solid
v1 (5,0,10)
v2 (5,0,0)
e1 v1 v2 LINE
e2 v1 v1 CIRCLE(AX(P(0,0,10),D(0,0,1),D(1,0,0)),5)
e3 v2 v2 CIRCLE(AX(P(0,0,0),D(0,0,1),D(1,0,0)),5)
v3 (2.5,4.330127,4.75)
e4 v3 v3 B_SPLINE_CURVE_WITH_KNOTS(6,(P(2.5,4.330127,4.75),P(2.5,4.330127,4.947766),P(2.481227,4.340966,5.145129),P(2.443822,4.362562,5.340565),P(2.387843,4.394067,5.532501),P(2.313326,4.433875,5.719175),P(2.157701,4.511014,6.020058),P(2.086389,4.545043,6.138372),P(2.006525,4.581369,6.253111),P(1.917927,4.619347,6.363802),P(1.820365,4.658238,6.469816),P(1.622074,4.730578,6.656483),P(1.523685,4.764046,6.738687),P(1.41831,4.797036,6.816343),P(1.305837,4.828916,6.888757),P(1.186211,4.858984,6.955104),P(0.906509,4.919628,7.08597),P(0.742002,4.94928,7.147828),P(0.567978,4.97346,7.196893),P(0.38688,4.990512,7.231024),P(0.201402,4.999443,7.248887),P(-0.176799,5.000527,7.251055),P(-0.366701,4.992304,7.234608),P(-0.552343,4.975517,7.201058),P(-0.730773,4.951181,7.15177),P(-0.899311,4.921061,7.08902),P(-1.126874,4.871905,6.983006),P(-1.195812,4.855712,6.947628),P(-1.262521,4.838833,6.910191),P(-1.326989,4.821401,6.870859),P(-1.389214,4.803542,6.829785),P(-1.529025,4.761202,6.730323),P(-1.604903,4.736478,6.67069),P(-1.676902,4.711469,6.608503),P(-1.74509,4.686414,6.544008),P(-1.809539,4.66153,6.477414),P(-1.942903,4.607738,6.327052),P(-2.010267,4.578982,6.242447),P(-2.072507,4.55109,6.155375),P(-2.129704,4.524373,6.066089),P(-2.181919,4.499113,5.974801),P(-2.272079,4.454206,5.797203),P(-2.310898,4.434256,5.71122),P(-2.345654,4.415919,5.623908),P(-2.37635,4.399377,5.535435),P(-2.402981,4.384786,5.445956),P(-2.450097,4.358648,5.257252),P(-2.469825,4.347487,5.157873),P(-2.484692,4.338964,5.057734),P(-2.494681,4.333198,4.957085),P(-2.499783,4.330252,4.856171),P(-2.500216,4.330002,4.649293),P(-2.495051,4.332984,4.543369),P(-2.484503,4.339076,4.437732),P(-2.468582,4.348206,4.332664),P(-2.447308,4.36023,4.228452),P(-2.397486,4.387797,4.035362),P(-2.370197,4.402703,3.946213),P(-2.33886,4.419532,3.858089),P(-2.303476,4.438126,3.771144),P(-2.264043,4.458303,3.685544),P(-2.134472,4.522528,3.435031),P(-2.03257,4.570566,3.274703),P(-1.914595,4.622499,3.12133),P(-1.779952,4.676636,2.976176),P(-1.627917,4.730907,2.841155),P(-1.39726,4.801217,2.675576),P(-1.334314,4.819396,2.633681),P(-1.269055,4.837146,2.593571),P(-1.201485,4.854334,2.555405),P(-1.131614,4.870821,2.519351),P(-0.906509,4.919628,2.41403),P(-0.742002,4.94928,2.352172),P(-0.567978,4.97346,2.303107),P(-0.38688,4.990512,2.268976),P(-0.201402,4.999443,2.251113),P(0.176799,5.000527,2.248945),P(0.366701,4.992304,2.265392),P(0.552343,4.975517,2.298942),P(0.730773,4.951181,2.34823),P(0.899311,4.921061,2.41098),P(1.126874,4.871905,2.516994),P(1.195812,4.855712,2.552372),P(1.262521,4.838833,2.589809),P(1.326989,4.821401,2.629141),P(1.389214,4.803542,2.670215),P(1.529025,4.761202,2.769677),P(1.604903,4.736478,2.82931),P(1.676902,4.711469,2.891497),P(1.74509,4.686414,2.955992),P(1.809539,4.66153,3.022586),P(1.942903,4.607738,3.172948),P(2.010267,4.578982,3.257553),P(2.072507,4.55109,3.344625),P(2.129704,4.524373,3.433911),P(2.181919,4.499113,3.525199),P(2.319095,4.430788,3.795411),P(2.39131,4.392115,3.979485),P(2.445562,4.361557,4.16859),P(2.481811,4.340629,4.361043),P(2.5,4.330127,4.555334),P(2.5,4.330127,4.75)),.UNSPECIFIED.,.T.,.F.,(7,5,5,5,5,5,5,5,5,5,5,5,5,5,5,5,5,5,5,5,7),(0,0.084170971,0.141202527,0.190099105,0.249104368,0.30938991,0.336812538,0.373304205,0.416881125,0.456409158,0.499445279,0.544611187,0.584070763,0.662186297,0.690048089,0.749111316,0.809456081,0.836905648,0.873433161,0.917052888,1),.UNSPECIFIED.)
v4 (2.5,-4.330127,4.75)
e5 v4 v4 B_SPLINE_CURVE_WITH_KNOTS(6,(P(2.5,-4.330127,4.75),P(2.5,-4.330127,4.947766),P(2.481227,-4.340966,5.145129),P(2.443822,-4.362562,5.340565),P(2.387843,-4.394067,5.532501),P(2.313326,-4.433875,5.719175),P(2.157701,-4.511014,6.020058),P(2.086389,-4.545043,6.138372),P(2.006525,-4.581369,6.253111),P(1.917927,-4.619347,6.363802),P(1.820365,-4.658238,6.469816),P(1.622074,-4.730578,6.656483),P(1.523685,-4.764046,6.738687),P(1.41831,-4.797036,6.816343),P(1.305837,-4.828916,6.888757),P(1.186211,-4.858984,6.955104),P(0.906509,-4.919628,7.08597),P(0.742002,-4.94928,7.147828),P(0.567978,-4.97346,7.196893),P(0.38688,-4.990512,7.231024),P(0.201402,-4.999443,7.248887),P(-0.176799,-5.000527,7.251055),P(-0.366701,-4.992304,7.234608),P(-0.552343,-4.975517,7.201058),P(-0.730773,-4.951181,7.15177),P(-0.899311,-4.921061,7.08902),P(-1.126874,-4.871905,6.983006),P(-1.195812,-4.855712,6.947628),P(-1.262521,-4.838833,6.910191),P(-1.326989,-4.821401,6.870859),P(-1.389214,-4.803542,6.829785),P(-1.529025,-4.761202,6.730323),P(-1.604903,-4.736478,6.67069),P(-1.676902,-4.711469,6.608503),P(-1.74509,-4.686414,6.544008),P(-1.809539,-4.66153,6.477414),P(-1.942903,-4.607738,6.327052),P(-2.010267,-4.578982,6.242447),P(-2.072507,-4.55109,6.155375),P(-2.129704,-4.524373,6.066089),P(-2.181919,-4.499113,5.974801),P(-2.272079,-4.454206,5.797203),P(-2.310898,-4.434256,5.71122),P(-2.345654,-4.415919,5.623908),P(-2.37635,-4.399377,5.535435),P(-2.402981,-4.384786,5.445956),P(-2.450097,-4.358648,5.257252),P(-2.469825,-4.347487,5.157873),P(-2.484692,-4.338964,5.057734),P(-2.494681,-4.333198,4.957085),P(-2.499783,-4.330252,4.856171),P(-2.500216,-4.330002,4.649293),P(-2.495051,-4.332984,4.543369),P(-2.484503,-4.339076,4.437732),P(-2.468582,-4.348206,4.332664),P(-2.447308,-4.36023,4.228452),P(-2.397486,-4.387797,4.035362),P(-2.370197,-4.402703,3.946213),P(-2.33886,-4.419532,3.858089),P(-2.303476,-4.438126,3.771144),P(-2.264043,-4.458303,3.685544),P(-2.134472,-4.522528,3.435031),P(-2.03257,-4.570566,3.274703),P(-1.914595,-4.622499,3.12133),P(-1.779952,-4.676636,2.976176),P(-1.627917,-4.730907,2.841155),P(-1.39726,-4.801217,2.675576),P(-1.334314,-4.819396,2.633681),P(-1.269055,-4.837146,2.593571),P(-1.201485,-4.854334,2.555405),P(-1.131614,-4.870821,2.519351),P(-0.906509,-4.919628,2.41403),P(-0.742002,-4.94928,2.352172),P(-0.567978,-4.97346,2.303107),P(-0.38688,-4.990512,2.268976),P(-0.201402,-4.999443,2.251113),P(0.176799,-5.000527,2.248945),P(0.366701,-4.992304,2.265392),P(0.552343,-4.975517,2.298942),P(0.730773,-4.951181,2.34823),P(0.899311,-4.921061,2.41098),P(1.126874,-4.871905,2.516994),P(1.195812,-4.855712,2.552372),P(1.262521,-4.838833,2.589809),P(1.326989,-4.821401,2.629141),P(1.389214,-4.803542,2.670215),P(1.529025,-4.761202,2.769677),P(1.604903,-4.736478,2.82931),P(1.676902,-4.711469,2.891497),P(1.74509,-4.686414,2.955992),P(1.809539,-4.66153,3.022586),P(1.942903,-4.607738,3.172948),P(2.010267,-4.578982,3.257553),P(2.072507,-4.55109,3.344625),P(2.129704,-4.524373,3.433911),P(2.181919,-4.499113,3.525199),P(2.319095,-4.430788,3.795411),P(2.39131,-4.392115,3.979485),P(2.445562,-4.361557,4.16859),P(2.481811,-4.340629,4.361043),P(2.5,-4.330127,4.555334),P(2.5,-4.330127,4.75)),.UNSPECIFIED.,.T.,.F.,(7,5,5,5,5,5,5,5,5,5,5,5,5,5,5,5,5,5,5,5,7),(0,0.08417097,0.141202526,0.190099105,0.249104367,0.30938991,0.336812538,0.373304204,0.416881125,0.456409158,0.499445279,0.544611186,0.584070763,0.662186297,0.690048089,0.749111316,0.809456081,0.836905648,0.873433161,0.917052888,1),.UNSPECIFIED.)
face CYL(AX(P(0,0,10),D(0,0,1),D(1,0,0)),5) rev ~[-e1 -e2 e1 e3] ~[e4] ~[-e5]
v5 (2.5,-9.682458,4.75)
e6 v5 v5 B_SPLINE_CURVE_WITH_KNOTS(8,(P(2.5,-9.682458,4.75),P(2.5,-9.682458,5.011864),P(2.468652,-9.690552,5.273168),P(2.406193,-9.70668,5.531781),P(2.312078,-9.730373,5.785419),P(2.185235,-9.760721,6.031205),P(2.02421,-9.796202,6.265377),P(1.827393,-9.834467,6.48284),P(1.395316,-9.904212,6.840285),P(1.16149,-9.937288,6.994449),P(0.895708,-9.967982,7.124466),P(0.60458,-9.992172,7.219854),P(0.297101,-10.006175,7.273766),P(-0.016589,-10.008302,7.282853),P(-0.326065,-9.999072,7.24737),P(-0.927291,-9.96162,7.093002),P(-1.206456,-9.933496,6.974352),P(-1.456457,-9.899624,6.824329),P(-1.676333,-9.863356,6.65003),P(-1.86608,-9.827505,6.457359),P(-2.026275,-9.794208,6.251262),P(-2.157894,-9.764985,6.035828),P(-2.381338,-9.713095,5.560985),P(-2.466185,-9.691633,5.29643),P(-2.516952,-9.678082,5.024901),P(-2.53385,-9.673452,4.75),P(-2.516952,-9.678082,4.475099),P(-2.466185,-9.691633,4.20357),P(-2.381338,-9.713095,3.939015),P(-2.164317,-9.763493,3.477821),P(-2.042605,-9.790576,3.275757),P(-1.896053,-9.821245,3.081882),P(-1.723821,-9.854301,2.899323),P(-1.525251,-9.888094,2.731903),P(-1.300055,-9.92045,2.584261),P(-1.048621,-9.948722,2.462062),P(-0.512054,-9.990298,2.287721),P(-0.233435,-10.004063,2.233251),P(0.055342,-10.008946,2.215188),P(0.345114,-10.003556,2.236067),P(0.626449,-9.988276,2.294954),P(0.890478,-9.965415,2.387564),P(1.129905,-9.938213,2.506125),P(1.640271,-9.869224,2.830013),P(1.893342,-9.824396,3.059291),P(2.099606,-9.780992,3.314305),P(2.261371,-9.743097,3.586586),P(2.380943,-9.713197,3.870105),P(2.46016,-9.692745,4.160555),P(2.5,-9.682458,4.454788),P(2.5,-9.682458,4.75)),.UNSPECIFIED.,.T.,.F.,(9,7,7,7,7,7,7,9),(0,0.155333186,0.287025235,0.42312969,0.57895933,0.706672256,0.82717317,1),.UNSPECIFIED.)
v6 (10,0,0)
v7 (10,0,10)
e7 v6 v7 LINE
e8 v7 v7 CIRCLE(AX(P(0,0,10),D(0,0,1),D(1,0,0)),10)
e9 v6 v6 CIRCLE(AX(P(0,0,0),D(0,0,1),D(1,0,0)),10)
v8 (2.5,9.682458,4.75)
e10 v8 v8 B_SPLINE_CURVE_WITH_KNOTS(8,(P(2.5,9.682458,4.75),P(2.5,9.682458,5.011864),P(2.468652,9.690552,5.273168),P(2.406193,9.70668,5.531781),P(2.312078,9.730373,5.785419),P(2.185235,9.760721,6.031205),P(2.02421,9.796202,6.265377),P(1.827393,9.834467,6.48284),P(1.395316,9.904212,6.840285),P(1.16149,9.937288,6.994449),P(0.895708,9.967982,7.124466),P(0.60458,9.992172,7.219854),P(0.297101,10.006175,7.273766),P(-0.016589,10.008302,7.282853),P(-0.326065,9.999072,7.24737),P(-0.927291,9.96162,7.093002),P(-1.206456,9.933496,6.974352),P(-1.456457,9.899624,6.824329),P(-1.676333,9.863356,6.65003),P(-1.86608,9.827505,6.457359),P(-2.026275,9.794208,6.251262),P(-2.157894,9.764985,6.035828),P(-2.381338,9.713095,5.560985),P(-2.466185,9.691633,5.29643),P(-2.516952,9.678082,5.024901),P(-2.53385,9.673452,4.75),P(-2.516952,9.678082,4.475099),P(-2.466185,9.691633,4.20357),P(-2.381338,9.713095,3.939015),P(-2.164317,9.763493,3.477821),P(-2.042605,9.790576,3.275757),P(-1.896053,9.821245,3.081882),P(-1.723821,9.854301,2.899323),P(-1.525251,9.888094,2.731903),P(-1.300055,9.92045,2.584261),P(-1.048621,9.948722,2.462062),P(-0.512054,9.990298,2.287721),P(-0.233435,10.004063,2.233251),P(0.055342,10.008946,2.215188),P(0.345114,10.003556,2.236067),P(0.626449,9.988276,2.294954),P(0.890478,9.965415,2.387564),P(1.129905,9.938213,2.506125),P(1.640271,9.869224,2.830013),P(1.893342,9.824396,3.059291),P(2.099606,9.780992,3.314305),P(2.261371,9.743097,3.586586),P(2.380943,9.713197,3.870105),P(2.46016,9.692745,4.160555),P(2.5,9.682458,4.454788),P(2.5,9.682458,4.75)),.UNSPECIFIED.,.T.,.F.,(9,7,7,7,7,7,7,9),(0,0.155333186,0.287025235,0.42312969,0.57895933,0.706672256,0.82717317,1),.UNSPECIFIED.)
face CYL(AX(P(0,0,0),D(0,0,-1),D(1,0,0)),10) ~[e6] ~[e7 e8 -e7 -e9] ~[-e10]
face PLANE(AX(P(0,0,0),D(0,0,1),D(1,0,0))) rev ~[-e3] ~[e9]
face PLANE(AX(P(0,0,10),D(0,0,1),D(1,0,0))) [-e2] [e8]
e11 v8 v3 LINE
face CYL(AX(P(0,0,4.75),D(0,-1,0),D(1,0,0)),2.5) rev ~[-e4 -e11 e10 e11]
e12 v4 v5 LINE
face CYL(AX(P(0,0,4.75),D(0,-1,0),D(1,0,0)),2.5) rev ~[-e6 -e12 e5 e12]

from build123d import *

# Parameters (mm, degrees)
F0_R     = 10
F1_DEPTH = 10
F2_R     = 5
F3_DEPTH = 25
F4_R     = 2.5
F5_DEPTH = 12.5


with BuildPart() as f1:
    # F0 (on Top) → F1 (new body)
    with BuildSketch(Plane.XY):
        Circle(F0_R)
    extrude(amount=F1_DEPTH)

    # F2 (on face) → F3 (cut)
    with BuildSketch(Plane.XY.offset(10)):
        Circle(F2_R)
    extrude(amount=-F3_DEPTH, mode=Mode.SUBTRACT)

    # F4 (on Front) → F5 (cut, symmetric)
    with BuildSketch(Plane.XZ):
        with Locations((0, 4.75)):
            Circle(F4_R)
    extrude(amount=F5_DEPTH, both=True, mode=Mode.SUBTRACT)


solid = f1.part
